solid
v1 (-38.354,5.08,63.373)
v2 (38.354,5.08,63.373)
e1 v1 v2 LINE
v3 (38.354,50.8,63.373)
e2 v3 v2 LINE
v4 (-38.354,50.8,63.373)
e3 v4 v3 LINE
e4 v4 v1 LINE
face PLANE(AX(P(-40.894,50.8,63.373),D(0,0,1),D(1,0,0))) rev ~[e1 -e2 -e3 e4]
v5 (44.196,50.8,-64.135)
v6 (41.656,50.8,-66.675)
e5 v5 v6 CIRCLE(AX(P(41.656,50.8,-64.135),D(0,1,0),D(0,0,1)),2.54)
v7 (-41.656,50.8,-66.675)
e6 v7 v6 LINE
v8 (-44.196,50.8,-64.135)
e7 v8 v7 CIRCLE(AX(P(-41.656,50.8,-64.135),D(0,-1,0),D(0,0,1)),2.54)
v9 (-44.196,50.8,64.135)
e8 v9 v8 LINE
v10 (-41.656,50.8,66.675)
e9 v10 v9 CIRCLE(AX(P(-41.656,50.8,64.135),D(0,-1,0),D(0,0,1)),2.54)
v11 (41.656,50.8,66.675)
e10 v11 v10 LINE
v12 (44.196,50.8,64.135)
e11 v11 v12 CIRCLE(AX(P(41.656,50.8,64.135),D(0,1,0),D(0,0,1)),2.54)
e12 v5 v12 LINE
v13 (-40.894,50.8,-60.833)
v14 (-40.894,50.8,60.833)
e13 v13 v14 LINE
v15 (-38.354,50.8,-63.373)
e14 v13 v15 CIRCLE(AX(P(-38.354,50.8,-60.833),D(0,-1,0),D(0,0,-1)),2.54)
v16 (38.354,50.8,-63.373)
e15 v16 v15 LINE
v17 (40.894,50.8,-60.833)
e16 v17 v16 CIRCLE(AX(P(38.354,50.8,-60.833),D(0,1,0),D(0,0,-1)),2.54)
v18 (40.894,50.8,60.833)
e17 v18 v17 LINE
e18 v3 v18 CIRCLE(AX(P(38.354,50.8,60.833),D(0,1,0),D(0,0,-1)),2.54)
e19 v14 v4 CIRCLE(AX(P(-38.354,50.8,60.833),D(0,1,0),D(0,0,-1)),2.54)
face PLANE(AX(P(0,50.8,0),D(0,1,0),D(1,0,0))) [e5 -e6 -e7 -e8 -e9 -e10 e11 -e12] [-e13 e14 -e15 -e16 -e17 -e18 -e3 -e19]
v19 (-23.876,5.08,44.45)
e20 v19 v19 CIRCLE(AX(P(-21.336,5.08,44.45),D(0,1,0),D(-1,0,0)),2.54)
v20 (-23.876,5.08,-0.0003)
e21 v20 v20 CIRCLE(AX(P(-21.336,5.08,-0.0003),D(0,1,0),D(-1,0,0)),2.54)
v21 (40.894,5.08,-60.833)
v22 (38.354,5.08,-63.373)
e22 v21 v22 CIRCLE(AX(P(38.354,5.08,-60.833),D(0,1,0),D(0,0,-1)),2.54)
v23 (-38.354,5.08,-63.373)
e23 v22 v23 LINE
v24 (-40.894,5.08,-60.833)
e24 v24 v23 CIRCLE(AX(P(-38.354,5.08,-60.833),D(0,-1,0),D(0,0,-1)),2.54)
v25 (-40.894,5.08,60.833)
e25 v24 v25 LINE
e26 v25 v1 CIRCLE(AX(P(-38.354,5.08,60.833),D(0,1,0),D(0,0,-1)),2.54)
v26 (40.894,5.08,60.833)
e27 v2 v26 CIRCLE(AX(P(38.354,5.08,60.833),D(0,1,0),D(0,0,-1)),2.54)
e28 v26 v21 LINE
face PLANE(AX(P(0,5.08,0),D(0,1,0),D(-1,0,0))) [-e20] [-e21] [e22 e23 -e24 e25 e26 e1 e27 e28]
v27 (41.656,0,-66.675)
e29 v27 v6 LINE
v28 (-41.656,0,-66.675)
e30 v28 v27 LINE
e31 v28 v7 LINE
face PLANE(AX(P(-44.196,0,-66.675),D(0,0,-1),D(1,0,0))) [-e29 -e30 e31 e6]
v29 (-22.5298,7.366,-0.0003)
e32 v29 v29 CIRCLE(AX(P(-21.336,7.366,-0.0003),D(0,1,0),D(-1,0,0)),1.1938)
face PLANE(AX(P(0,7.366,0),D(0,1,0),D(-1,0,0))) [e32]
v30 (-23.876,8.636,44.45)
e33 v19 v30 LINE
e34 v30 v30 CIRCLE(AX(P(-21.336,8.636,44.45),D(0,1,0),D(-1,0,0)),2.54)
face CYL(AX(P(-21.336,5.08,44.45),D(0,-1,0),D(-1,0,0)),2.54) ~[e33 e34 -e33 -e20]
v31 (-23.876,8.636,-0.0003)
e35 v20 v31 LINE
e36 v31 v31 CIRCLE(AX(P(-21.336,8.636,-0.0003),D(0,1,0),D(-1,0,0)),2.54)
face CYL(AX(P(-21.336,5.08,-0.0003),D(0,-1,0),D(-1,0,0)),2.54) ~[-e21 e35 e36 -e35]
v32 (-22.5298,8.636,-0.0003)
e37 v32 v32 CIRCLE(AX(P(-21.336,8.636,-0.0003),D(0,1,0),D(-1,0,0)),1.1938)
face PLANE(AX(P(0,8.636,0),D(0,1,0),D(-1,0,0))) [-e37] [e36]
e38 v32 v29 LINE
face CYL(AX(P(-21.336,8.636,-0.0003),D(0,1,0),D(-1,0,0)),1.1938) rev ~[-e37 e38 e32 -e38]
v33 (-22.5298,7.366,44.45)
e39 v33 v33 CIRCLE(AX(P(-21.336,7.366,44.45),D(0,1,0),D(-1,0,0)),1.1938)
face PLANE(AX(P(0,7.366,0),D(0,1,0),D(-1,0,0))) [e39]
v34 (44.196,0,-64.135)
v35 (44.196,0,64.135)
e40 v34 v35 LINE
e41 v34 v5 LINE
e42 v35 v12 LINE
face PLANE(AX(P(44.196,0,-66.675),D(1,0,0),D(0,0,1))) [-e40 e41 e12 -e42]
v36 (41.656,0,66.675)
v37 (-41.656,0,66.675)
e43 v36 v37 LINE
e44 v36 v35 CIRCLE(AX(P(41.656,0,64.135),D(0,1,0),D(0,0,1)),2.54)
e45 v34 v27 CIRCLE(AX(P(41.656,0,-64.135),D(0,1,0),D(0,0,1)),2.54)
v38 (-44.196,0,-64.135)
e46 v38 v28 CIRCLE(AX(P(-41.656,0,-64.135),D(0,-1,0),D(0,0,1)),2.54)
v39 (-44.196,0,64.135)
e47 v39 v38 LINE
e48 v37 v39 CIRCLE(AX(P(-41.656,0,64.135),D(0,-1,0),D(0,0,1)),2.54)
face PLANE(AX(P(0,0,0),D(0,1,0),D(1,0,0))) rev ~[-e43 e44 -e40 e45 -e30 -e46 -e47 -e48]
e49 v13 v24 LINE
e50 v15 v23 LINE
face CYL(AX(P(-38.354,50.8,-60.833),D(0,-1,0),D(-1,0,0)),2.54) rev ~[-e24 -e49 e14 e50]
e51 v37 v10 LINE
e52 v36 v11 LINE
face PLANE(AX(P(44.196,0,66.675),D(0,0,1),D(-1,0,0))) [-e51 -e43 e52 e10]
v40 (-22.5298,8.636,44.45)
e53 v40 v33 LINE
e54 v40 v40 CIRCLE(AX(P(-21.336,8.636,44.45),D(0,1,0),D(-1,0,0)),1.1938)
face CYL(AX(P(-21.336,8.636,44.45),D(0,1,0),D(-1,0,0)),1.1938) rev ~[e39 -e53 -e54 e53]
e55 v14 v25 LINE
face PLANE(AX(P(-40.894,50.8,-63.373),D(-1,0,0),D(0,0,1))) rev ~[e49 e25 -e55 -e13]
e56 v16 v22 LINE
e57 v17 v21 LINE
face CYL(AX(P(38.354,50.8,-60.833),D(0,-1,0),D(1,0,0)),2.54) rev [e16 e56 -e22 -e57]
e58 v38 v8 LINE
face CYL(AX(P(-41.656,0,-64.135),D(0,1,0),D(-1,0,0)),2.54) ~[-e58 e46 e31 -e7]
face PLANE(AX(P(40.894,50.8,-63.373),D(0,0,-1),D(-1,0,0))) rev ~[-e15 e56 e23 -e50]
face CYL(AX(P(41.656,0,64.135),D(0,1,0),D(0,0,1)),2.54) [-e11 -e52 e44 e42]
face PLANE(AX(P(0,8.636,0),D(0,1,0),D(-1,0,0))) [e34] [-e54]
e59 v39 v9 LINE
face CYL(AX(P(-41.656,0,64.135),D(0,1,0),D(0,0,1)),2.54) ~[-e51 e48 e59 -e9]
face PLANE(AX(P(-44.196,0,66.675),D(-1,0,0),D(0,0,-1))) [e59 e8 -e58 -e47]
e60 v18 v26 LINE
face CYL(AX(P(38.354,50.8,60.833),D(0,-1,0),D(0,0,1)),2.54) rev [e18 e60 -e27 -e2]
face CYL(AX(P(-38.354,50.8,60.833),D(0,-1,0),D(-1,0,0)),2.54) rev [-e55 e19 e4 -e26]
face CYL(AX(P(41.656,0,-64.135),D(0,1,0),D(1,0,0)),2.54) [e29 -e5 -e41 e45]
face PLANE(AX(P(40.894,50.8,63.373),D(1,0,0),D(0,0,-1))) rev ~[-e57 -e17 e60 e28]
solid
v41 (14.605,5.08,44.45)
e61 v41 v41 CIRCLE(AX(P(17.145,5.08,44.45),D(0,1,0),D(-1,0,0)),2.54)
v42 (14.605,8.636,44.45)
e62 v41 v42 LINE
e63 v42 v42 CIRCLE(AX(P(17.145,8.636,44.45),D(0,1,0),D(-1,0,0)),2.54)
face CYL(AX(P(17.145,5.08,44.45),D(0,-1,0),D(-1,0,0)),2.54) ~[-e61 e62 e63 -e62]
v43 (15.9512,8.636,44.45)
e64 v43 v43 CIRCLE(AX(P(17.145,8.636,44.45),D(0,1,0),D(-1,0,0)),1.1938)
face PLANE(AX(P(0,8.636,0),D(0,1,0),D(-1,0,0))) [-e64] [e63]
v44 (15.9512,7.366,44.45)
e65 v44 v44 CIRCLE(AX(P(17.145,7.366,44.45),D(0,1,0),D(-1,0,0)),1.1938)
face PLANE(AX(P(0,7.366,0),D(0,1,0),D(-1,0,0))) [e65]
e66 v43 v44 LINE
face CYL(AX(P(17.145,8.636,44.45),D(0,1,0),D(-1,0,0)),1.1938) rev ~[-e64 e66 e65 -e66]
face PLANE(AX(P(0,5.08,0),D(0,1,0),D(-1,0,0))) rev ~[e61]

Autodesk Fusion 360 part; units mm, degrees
sketch "Sketch1" plane through (0, 0, 0) normal (0, 1, 0) x (1, 0, 0) in component "Case"
  line L0 (44.196, -66.675) -> (-44.196, -66.675)
  line L1 (-44.196, -66.675) -> (-44.196, 66.675)
  line L2 (-44.196, 66.675) -> (44.196, 66.675)
  line L3 (44.196, 66.675) -> (44.196, -66.675)
  line L4 (44.196, -66.675) -> (-44.196, 66.675) construction
  line L5 (-44.196, -66.675) -> (44.196, 66.675) construction
  dimension "d1" = 133.35
  dimension "d2" = 88.392
extrude "Extrude1" add sketch "Sketch1" along normal blind 50.8 makes body 1 in component "Case"
sketch "Sketch2" plane through (0, 50.8, 0) normal (0, 1, 0) x (-1, 0, 0) in component "Case"
  line L0 (-44.196, -66.675) -> (44.196, -66.675)
  line L1 (44.196, -66.675) -> (44.196, 66.675)
  line L2 (44.196, 66.675) -> (-44.196, 66.675)
  line L3 (-44.196, 66.675) -> (-44.196, -66.675)
sketch "Sketch3" plane through (0, 50.8, 0) normal (0, 1, 0) x (-1, 0, 0) in component "Case"
  line L0 (40.894, 63.373) -> (-40.894, 63.373)
  line L1 (-40.894, 63.373) -> (-40.894, -63.373)
  line L2 (-40.894, -63.373) -> (40.894, -63.373)
  line L3 (40.894, -63.373) -> (40.894, 63.373)
  line L4 (40.894, 63.373) -> (-40.894, -63.373) construction
  line L5 (-40.894, 63.373) -> (40.894, -63.373) construction
  dimension "d5" = 81.788
  dimension "d6" = 126.746
extrude "Extrude2" cut sketch "Sketch3" against normal blind 45.72 bodies 1 in component "Case"
fillet "Fillet1" radius 2.54 8 edges at (44.196, 25.4, 66.675) (-44.196, 25.4, 66.675) (40.894, 27.94, -63.373) (-40.894, 27.94, -63.373) (-44.196, 25.4, -66.675) (40.894, 27.94, 63.373) (-40.894, 27.94, 63.373) (44.196, 25.4, -66.675) on bodies 1 in component "Case"
sketch "Sketch5" plane through (0, 5.08, 0) normal (0, 1, 0) x (-1, 0, 0) in component "Case"
  circle A0 centre (-17.145, -22.225) radius 2.54
  circle A1 centre (-17.145, 22.225) radius 2.54
  circle A2 centre (21.336, 22.225) radius 2.54
  arc A3 (40.894, 60.833) -> (38.354, 63.373) centre (38.354, 60.833) ccw
  line L0 (38.354, 63.373) -> (-38.354, 63.373)
  arc A4 (-38.354, 63.373) -> (-40.894, 60.833) centre (-38.354, 60.833) ccw
  line L1 (-40.894, 60.833) -> (-40.894, -60.833)
  arc A5 (-40.894, -60.833) -> (-38.354, -63.373) centre (-38.354, -60.833) ccw
  line L2 (-38.354, -63.373) -> (38.354, -63.373)
  arc A6 (38.354, -63.373) -> (40.894, -60.833) centre (38.354, -60.833) ccw
  line L3 (40.894, -60.833) -> (40.894, 60.833)
  dimension "d19" = 5.08
  dimension "d20" = 5.08
  dimension "d21" = 5.08
  dimension "d22" = 17.145
  dimension "d23" = 17.145
  dimension "d24" = 21.336
  dimension "d25" = 22.225
  dimension "d26" = 22.225
  dimension "d27" = 22.225
sketch "Sketch6" plane through (0, 5.08, 0) normal (0, 1, 0) x (-1, 0, 0) in component "Case"
  circle A0 centre (-17.145, 44.45) radius 2.54
  arc A1 (40.894, 60.833) -> (38.354, 63.373) centre (38.354, 60.833) ccw
  line L0 (38.354, 63.373) -> (-38.354, 63.373)
  arc A2 (-38.354, 63.373) -> (-40.894, 60.833) centre (-38.354, 60.833) ccw
  line L1 (-40.894, 60.833) -> (-40.894, -60.833)
  arc A3 (-40.894, -60.833) -> (-38.354, -63.373) centre (-38.354, -60.833) ccw
  line L2 (-38.354, -63.373) -> (38.354, -63.373)
  arc A4 (38.354, -63.373) -> (40.894, -60.833) centre (38.354, -60.833) ccw
  line L3 (40.894, -60.833) -> (40.894, 60.833)
  dimension "d30" = 5.08
  dimension "d31" = 17.145
  dimension "d32" = 44.45
extrude "Extrude4" add sketch "Sketch6" along normal blind 3.556 separate body contours A0 makes body 2 in component "Case"
sketch "Sketch7" plane through (0, 5.08, 0) normal (0, 1, 0) x (-1, 0, 0) in component "Case"
  arc A0 (40.894, 60.833) -> (38.354, 63.373) centre (38.354, 60.833) ccw
  line L0 (38.354, 63.373) -> (-38.354, 63.373)
  arc A1 (-38.354, 63.373) -> (-40.894, 60.833) centre (-38.354, 60.833) ccw
  line L1 (-40.894, 60.833) -> (-40.894, -60.833)
  arc A2 (-40.894, -60.833) -> (-38.354, -63.373) centre (-38.354, -60.833) ccw
  line L2 (-38.354, -63.373) -> (38.354, -63.373)
  arc A3 (38.354, -63.373) -> (40.894, -60.833) centre (38.354, -60.833) ccw
  line L3 (40.894, -60.833) -> (40.894, 60.833)
  circle A4 centre (21.336, 44.45) radius 2.54
  dimension "d35" = 5.08
  dimension "d36" = 21.336
  dimension "d37" = 44.45
extrude "Extrude5" add sketch "Sketch7" along normal blind 3.556 contours A4 bodies 1 in component "Case"
sketch "Sketch8" plane through (0, 5.08, 0) normal (0, 1, 0) x (-1, 0, 0) in component "Case"
  circle A0 centre (21.336, 44.45) radius 2.54
  arc A1 (40.894, 60.833) -> (38.354, 63.373) centre (38.354, 60.833) ccw
  line L0 (38.354, 63.373) -> (-38.354, 63.373)
  arc A2 (-38.354, 63.373) -> (-40.894, 60.833) centre (-38.354, 60.833) ccw
  line L1 (-40.894, 60.833) -> (-40.894, -60.833)
  arc A3 (-40.894, -60.833) -> (-38.354, -63.373) centre (-38.354, -60.833) ccw
  line L2 (-38.354, -63.373) -> (38.354, -63.373)
  arc A4 (38.354, -63.373) -> (40.894, -60.833) centre (38.354, -60.833) ccw
  line L3 (40.894, -60.833) -> (40.894, 60.833)
  circle A5 centre (21.336, -0.0003) radius 2.54
  dimension "d40" = 5.08
  dimension "d41" = 0.0003
  dimension "d54" = 21.336
extrude "Extrude6" add sketch "Sketch8" along normal blind 3.556 contours A5 bodies 1 in component "Case"
sketch "Sketch9" plane through (0, 8.636, 0) normal (0, 1, 0) x (-1, 0, 0) in component "Case"
  circle A0 centre (-17.145, 44.45) radius 2.54
  circle A1 centre (-17.145, 44.45) radius 1.1938
  dimension "d45" = 2.3876
extrude "Extrude7" cut sketch "Sketch9" against normal blind 1.27 contours A1 bodies 2 in component "Case"
sketch "Sketch10" plane through (0, 8.636, 0) normal (0, 1, 0) x (-1, 0, 0) in component "Case"
  circle A0 centre (21.336, 44.45) radius 2.54
  circle A1 centre (21.336, 44.45) radius 1.1938
  dimension "d48" = 2.3876
extrude "Extrude8" cut sketch "Sketch10" against normal blind 1.27 contours A1 bodies 1 in component "Case"
sketch "Sketch11" plane through (0, 8.636, 0) normal (0, 1, 0) x (-1, 0, 0) in component "Case"
  circle A0 centre (21.336, -0.0003) radius 2.54
  circle A1 centre (21.336, -0.0003) radius 1.1938
  dimension "d51" = 2.3876
extrude "Extrude9" cut sketch "Sketch11" against normal blind 1.27 contours A1 bodies 1 in component "Case"
component "Case" placed x (1, 0, 0) y (0, 1, 0) z (0, 0, 1) at (0, 0, 0)
